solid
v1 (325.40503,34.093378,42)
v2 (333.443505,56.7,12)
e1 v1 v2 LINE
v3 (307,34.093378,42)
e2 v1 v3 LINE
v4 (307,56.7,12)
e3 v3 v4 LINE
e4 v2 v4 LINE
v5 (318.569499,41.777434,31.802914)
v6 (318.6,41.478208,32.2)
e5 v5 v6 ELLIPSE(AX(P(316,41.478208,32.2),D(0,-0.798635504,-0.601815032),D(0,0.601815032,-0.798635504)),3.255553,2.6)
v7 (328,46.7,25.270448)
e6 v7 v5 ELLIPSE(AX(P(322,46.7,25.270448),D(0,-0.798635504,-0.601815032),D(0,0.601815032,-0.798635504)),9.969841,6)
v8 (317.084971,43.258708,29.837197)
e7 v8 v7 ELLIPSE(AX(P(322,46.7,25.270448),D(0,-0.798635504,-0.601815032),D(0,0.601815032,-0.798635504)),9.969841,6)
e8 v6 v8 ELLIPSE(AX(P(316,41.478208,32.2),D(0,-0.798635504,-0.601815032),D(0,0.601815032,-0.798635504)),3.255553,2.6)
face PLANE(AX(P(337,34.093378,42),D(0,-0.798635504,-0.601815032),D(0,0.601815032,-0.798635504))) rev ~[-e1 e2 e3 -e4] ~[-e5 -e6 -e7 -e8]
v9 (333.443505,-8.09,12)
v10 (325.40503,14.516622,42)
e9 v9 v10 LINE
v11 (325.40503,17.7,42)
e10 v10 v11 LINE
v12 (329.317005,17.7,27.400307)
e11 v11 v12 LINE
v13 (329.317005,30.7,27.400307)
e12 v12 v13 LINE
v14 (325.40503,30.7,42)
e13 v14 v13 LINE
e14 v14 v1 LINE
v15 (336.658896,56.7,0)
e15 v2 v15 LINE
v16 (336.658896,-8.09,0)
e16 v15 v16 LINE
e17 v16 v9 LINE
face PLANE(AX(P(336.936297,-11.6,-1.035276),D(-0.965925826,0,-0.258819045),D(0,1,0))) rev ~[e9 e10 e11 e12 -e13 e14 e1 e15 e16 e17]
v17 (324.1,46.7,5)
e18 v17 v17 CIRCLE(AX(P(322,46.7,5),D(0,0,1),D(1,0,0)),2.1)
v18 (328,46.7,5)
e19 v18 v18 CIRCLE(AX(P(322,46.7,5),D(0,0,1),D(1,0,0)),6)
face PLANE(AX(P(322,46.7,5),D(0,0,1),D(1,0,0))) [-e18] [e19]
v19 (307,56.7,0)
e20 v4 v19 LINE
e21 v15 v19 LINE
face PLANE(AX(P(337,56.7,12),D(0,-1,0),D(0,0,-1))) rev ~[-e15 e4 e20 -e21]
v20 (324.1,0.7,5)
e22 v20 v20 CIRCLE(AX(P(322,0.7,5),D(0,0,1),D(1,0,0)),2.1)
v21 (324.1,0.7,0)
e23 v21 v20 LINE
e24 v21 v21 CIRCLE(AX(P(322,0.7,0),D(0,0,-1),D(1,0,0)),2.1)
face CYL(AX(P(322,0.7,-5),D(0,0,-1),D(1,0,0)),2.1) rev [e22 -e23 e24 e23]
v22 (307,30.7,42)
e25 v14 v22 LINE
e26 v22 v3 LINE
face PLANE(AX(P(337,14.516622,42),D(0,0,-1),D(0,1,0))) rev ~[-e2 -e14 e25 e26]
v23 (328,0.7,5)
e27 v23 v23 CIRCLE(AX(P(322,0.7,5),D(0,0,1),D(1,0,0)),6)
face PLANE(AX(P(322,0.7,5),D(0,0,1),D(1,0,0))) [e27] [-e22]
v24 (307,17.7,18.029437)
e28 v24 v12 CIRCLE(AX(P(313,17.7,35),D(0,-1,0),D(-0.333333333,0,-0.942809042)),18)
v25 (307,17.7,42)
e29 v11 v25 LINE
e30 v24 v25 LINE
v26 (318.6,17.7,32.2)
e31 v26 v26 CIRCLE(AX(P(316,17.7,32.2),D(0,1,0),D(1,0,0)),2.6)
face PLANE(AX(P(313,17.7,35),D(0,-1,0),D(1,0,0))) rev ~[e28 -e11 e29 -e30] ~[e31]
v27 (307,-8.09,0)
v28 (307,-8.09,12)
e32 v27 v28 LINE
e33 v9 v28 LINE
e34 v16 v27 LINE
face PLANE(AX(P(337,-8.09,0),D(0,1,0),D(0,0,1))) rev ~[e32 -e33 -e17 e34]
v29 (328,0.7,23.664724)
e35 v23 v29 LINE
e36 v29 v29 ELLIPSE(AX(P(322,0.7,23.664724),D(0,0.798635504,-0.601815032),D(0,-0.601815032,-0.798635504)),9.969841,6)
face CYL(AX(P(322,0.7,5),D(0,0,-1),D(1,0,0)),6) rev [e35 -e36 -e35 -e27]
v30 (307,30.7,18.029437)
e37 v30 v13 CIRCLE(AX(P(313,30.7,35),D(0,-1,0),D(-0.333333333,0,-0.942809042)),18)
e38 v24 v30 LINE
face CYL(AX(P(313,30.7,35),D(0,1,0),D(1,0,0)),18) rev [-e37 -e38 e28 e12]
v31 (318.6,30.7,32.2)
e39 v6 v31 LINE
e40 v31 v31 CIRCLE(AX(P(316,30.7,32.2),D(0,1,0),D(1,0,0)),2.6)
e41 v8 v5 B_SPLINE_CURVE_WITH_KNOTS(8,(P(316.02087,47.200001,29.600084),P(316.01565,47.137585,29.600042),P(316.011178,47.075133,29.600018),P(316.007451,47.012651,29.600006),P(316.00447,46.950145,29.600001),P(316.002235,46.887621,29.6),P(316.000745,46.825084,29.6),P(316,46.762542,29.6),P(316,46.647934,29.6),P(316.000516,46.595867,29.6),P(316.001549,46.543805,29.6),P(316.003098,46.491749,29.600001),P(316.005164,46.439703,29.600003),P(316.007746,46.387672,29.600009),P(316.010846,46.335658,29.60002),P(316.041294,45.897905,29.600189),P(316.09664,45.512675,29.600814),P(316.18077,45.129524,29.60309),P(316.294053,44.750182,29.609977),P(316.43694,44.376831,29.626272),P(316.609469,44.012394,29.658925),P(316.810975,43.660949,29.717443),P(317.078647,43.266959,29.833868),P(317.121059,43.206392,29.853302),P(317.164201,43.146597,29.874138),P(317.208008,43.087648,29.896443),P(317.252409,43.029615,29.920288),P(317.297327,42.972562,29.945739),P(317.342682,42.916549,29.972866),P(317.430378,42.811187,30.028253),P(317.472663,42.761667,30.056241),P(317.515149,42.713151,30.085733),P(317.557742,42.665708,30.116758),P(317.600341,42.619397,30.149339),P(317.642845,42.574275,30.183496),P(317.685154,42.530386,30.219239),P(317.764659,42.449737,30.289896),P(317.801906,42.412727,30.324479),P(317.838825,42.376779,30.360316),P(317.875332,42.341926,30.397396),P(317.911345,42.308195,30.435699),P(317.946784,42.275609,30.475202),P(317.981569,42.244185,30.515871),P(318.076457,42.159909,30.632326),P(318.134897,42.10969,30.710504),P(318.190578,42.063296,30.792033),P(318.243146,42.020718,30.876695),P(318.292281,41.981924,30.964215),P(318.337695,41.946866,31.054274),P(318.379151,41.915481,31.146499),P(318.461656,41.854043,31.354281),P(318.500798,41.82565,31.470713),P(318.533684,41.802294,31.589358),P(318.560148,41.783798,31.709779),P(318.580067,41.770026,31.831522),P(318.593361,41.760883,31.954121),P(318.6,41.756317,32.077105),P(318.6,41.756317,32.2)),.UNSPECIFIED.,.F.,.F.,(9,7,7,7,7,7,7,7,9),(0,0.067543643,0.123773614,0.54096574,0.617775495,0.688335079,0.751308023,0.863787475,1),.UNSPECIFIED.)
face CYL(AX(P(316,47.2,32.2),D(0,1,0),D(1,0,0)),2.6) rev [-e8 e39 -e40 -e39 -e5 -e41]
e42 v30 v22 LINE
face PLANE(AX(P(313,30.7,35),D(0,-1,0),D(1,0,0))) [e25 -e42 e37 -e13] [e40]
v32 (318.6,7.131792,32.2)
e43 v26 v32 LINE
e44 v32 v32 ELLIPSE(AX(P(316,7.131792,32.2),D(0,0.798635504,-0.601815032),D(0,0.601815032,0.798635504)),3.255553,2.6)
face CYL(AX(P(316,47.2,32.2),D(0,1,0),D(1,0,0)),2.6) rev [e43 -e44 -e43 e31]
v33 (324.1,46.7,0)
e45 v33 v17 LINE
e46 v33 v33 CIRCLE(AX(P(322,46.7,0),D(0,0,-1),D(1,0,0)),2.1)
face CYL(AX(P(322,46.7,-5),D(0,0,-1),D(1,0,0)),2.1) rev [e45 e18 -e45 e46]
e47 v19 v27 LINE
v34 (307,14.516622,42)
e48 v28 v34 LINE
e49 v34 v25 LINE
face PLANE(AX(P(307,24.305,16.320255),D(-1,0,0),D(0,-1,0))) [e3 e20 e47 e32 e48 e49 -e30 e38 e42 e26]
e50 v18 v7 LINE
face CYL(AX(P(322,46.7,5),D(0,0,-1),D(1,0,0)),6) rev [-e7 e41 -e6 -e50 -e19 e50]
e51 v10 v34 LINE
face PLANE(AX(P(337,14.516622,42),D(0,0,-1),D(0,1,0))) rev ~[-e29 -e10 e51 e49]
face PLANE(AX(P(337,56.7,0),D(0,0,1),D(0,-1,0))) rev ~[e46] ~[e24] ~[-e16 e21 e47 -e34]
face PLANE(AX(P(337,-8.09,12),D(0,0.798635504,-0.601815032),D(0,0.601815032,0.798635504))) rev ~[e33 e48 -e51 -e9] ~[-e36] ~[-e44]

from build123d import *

# Parameters (mm, degrees)
BOX043_W               = 14
BOX043_H               = 73
BOX043_DEPTH           = 51
BOX043_PLACEMENT_ANGLE = 15
CYLINDER122_R          = 2.6
CYLINDER122_DEPTH      = 47
CYLINDER117_R          = 6
CYLINDER117_DEPTH      = 40
CYLINDER118_R          = 2.1
CYLINDER118_DEPTH      = 10
CYLINDER119_R          = 6
CYLINDER119_DEPTH      = 40
CYLINDER120_R          = 2.1
CYLINDER120_DEPTH      = 10
CYLINDER121_R          = 18
CYLINDER121_DEPTH      = 13
EXTRUDE035_DEPTH       = 30


with BuildPart() as box043:
    # Box043 → Box043 (new body)
    with BuildSketch(Plane.XY):
        with Locations((7, 36.5)):
            Rectangle(BOX043_W, BOX043_H)
    extrude(amount=BOX043_DEPTH)


with BuildPart() as box043_1:
    # Box043 placement: moved
    add(box043.part.moved(Location((336.936297, -53.3, -1.035276))).rotate(Axis((336.936297, -53.3, -1.035276), (0, -1, 0)), BOX043_PLACEMENT_ANGLE))


with BuildPart() as cylinder122:
    # Cylinder122 → Cylinder122 (new body)
    with BuildSketch(Plane(origin=(316, 5.5, 32.2), x_dir=(1, 0, 0), z_dir=(0, -1, 0))):
        Circle(CYLINDER122_R)
    extrude(amount=CYLINDER122_DEPTH)


with BuildPart() as cylinder117:
    # Cylinder117 → Cylinder117 (new body)
    with BuildSketch(Plane.XY.offset(10)):
        Circle(CYLINDER117_R)
    extrude(amount=CYLINDER117_DEPTH)


with BuildPart() as fusion056:
    # Cylinder118 → Cylinder118 (new body)
    with BuildSketch(Plane.XY):
        Circle(CYLINDER118_R)
    extrude(amount=CYLINDER118_DEPTH)

    # Fusion056: union Cylinder117
    add(cylinder117.part)


with BuildPart() as fusion056_1:
    # Fusion056 placement: moved
    add(fusion056.part.moved(Location((322, 5, -5))))


with BuildPart() as cylinder119:
    # Cylinder119 → Cylinder119 (new body)
    with BuildSketch(Plane.XY.offset(10)):
        Circle(CYLINDER119_R)
    extrude(amount=CYLINDER119_DEPTH)


with BuildPart() as fusion057:
    # Cylinder120 → Cylinder120 (new body)
    with BuildSketch(Plane.XY):
        Circle(CYLINDER120_R)
    extrude(amount=CYLINDER120_DEPTH)

    # Fusion057: union Cylinder119
    add(cylinder119.part)


with BuildPart() as fusion057_1:
    # Fusion057 placement: moved
    add(fusion057.part.moved(Location((322, -41, -5))))


with BuildPart() as cylinder121:
    # Cylinder121 → Cylinder121 (new body)
    with BuildSketch(Plane(origin=(313, -11, 35), x_dir=(1, 0, 0), z_dir=(0, -1, 0))):
        Circle(CYLINDER121_R)
    extrude(amount=CYLINDER121_DEPTH)


with BuildPart() as cut108:
    # Sketch028 → Extrude035 (new body)
    with BuildSketch(Plane.YZ):
        Polygon((15, 0), (-49.79, 0), (-49.79, 12), (-27.183378, 42), (-7.606622, 42), (15, 12), align=None)
    extrude(amount=-EXTRUDE035_DEPTH)


with BuildPart() as cut108_1:
    # Extrude035 placement: moved
    add(cut108.part.moved(Location((337, 0, 0))))

    # Cut104: cut Cylinder121
    add(cylinder121.part, mode=Mode.SUBTRACT)

    # Cut105: cut Fusion057
    add(fusion057_1.part, mode=Mode.SUBTRACT)

    # Cut106: cut Fusion056
    add(fusion056_1.part, mode=Mode.SUBTRACT)

    # Cut107: cut Cylinder122
    add(cylinder122.part, mode=Mode.SUBTRACT)

    # Cut108: cut Box043
    add(box043_1.part, mode=Mode.SUBTRACT)


with BuildPart() as cut108_2:
    # Cut108 placement: moved
    add(cut108_1.part.moved(Location((0, 41.7, 0))))


solid = cut108_2.part
